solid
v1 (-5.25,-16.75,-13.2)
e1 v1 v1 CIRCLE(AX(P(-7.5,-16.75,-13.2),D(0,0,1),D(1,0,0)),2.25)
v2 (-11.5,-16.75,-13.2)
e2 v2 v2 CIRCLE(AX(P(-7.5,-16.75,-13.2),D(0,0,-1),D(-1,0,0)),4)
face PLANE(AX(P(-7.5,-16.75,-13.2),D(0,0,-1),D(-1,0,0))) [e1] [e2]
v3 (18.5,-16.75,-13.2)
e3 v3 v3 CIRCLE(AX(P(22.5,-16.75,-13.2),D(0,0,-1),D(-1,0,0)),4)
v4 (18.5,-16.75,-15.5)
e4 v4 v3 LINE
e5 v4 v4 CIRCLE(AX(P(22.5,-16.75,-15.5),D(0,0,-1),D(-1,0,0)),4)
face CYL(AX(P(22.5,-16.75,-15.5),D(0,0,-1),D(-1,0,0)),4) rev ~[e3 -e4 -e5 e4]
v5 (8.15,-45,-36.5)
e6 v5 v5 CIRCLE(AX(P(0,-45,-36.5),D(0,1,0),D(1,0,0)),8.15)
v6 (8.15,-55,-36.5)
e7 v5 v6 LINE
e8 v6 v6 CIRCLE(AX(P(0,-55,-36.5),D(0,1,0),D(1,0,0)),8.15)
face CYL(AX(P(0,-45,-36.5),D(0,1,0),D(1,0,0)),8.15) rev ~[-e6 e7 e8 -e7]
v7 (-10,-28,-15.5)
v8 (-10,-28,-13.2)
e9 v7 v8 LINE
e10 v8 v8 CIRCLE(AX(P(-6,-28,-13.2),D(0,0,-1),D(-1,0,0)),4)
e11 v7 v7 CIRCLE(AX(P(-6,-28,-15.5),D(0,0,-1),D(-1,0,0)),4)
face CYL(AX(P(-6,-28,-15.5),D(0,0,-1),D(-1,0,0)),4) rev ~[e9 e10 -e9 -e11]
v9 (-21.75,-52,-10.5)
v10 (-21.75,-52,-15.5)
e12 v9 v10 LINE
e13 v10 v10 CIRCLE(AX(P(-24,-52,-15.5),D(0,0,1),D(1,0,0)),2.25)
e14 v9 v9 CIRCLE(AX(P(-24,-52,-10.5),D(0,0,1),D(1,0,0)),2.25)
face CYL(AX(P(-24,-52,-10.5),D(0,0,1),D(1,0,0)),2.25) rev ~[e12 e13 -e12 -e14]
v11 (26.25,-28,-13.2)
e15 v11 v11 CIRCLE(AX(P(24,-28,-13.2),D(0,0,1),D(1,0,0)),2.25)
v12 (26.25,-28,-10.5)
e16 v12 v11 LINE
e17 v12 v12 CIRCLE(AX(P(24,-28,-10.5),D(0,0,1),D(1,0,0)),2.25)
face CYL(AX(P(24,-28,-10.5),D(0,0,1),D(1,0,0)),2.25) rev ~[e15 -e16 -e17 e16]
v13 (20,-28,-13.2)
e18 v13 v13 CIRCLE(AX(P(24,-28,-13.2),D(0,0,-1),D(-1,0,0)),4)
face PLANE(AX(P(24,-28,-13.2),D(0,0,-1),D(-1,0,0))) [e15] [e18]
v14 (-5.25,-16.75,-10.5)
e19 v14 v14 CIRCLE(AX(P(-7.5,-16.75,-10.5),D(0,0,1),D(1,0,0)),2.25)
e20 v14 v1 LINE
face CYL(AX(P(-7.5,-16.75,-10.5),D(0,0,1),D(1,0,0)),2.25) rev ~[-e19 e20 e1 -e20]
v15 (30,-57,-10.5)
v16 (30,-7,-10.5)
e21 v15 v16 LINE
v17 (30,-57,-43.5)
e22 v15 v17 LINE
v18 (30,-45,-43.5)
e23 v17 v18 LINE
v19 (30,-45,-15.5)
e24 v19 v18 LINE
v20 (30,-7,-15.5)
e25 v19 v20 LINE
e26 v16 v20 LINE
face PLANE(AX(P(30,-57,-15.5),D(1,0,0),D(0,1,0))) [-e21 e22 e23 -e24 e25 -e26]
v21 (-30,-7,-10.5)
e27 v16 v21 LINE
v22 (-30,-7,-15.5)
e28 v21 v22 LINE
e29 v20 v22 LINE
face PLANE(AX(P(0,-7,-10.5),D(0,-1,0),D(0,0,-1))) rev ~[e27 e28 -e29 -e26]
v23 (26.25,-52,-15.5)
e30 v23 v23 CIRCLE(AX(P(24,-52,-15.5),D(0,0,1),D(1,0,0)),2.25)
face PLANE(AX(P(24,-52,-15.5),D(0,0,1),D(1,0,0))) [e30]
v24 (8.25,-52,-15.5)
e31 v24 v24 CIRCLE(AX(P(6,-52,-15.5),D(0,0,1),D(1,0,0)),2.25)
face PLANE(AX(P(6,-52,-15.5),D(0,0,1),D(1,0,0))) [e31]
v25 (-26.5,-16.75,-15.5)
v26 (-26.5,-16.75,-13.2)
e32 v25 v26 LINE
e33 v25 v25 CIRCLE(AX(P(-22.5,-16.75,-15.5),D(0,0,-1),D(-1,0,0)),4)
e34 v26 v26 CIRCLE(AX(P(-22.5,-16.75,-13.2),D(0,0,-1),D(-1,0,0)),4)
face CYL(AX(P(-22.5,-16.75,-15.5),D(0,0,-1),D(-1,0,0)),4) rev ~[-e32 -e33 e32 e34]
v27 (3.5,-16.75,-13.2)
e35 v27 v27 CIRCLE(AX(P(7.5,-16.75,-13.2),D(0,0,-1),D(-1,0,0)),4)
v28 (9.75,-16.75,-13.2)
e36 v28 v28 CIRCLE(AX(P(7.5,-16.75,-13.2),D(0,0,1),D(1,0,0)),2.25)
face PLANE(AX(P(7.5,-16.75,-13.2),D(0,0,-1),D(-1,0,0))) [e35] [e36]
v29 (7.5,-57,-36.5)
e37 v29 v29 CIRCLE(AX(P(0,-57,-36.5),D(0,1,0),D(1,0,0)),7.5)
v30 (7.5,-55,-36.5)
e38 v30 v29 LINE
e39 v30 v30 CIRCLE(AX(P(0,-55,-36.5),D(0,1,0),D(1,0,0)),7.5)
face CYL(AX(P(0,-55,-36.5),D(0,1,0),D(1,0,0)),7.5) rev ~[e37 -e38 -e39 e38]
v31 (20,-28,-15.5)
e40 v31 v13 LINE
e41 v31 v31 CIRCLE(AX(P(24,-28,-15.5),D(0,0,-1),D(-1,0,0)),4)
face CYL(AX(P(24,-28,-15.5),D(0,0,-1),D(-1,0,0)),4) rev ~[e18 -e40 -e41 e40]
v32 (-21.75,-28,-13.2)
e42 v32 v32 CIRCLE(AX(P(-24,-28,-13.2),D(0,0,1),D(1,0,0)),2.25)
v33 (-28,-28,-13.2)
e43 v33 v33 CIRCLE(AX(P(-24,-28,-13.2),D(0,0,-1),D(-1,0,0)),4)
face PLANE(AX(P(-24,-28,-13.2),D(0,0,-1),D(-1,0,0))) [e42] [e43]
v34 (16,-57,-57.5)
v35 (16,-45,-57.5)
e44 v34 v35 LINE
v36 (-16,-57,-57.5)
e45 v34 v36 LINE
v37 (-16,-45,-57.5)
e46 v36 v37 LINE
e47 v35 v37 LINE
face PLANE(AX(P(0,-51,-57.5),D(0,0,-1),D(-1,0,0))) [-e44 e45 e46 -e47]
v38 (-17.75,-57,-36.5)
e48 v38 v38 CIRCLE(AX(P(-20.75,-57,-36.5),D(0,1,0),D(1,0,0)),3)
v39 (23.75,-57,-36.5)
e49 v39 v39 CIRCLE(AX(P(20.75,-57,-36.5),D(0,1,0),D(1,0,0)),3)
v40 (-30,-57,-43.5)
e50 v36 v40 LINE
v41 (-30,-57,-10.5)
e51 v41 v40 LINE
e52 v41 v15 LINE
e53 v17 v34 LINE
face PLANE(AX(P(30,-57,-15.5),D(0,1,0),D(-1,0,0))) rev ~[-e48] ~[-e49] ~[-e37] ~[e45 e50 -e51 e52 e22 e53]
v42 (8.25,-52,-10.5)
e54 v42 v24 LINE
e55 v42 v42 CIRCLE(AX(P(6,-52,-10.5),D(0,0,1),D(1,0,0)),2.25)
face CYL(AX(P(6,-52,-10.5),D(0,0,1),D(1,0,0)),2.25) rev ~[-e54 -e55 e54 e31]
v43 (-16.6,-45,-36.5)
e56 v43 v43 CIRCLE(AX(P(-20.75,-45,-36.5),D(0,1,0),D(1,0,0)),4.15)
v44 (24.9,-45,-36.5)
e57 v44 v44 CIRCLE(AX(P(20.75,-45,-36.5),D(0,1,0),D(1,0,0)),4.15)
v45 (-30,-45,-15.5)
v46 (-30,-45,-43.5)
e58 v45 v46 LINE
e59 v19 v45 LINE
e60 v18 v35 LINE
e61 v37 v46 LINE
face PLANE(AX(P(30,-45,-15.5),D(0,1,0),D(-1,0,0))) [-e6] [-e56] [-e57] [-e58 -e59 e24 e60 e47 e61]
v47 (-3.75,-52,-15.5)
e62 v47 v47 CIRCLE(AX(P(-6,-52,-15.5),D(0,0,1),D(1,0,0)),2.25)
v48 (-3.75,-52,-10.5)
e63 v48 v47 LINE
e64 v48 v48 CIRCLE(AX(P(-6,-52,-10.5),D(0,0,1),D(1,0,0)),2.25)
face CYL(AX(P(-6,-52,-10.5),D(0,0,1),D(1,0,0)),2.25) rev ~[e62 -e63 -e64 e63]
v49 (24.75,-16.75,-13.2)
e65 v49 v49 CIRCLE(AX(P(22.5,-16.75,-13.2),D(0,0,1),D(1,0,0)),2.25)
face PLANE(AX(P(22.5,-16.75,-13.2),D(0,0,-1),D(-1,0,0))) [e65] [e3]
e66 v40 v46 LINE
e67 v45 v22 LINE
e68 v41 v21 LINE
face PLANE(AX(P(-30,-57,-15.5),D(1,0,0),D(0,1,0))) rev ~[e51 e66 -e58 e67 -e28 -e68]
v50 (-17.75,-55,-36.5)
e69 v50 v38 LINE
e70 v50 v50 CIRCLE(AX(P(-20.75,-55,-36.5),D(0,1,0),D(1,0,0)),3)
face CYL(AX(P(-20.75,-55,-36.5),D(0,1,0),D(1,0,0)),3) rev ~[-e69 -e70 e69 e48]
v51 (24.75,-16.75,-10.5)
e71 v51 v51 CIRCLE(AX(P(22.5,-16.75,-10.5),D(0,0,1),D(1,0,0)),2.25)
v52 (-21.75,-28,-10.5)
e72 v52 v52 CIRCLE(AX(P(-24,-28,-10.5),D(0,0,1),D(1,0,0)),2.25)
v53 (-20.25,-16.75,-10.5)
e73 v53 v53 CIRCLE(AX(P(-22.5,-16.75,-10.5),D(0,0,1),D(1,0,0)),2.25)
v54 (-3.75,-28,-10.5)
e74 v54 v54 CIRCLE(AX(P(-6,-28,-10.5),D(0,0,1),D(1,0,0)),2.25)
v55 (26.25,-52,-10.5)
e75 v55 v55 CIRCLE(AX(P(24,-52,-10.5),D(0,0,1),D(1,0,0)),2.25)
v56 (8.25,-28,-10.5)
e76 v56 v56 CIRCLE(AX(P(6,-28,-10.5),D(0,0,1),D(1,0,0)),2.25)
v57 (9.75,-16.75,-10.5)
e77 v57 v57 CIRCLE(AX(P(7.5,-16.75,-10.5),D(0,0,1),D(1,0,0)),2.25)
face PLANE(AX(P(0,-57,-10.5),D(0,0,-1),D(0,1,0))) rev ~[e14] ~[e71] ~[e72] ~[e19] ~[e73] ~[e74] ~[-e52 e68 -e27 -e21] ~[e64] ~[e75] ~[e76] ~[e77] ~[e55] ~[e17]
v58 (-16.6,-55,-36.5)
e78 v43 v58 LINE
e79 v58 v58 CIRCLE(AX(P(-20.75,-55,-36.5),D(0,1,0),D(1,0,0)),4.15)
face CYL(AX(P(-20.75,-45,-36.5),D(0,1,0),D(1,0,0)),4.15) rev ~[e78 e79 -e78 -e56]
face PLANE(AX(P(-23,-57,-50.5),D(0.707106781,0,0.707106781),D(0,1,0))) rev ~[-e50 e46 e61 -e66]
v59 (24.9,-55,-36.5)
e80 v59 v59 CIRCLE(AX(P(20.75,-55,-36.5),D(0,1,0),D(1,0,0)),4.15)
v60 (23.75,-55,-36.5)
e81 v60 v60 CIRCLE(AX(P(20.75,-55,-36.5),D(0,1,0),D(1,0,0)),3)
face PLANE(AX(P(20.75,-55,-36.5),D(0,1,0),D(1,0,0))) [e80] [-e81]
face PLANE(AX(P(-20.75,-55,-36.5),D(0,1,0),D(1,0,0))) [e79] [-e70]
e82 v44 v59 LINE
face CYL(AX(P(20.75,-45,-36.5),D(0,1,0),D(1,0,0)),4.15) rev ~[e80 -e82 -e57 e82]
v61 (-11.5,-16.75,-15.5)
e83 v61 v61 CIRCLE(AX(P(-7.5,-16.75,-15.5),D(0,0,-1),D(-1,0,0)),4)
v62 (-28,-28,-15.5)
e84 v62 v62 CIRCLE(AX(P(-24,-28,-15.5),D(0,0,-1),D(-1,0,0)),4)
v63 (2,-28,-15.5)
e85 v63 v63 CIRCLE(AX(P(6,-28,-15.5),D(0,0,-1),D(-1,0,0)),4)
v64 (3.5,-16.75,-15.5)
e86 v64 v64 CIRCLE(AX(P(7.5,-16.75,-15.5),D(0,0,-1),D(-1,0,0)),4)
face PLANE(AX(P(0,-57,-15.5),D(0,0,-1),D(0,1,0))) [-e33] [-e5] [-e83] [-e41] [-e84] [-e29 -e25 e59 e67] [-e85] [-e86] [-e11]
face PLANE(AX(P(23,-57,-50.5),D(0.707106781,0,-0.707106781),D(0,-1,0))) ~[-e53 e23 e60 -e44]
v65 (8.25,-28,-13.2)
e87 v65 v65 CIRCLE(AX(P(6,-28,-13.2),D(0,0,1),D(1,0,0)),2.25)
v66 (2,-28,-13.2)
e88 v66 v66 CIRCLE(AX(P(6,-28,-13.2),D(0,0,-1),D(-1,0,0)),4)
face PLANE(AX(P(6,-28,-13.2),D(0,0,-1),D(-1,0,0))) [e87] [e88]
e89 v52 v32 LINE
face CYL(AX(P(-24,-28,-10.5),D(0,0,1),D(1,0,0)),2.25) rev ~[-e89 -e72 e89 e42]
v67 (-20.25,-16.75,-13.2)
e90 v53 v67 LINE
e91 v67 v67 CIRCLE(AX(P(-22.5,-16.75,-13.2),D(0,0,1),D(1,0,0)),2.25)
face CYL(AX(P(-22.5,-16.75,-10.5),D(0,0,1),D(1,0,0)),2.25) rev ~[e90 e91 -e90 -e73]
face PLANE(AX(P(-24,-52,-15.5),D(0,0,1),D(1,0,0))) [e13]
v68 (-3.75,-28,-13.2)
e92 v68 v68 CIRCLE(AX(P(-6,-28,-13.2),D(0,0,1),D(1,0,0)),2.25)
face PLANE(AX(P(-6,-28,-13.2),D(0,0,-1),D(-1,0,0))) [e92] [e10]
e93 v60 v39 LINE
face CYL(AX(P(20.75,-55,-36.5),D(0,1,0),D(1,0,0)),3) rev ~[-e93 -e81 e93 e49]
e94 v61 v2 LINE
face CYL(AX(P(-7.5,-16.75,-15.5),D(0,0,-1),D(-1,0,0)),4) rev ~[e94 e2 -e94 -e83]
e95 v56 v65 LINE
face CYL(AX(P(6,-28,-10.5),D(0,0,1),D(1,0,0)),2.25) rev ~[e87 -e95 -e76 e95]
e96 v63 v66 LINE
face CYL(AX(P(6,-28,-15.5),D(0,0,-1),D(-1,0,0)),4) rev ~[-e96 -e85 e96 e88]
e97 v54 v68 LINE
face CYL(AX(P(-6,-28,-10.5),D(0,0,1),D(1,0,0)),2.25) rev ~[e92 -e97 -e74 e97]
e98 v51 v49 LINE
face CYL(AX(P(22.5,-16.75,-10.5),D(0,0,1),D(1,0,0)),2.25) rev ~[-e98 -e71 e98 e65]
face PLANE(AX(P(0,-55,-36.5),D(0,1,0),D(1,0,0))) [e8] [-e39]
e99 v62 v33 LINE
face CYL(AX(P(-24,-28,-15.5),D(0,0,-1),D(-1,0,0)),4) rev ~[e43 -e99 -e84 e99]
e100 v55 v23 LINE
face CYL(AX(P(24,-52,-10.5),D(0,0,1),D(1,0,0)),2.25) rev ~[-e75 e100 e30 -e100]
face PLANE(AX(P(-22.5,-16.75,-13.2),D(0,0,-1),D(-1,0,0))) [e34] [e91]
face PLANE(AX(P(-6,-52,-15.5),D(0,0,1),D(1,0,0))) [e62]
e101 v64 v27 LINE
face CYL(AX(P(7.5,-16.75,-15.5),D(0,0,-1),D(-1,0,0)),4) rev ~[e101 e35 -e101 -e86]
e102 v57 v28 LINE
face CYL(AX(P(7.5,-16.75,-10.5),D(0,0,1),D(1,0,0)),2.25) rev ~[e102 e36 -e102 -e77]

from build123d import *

# Parameters (mm, degrees)
SKETCH2_W                = 5
SKETCH2_H                = 50
BOSS_EXTRUDE1_DEPTH      = 30
BOSS_EXTRUDE1_DEPTH_BACK = 30
SKETCH3_W                = 60
SKETCH3_H                = 12
BOSS_EXTRUDE2_DEPTH      = 42
CUT_EXTRUDE1_REACH       = 49
SKETCH4_R                = 2.25
SKETCH6_R                = 4
CUT_EXTRUDE2_DEPTH       = 2.3
SKETCH7_R                = 2.25
CUT_EXTRUDE3_DEPTH       = 5
SKETCH8_R                = 4
CUT_EXTRUDE4_DEPTH       = 2.3
SKETCH9_R                = 8.15
SKETCH9_R_2              = 4.15
CUT_EXTRUDE5_DEPTH       = 10
CUT_EXTRUDE6_REACH       = 4
SKETCH10_R               = 7.5
SKETCH10_R_2             = 3
CHAMFER1_SIZE            = 14


with BuildPart() as part:
    # Sketch2 → Boss-Extrude1 (new body, two sides)
    with BuildSketch(Plane(origin=(0, 0, 0), x_dir=(0, 0, -1), z_dir=(1, 0, 0))) as boss_extrude1_sk:
        with Locations((13, -32)):
            Rectangle(SKETCH2_W, SKETCH2_H)
    extrude(amount=BOSS_EXTRUDE1_DEPTH)
    extrude(boss_extrude1_sk.sketch, amount=-BOSS_EXTRUDE1_DEPTH_BACK)

    # Sketch3 → Boss-Extrude2 (add)
    with BuildSketch(Plane(origin=(0, 0, -15.5), x_dir=(-1, 0, 0), z_dir=(0, 0, -1))):
        with Locations((0, -51)):
            Rectangle(SKETCH3_W, SKETCH3_H)
    extrude(amount=BOSS_EXTRUDE2_DEPTH)

    # Sketch4 → Cut-Extrude1 (cut, up to next)
    with BuildSketch(Plane.XY.offset(-10.5), mode=Mode.PRIVATE) as cut_extrude1_sk1:
        with Locations((-22.5, -16.75)):
            Circle(SKETCH4_R)
    cut_extrude1_tool1 = extrude(cut_extrude1_sk1.sketch, amount=-CUT_EXTRUDE1_REACH, mode=Mode.PRIVATE) & part.part
    add(cut_extrude1_tool1.solids().sort_by_distance((-22.5, -16.75, -10.5))[0], mode=Mode.SUBTRACT)
    # Sketch4 → Cut-Extrude1 (cut, up to next)
    with BuildSketch(Plane.XY.offset(-10.5), mode=Mode.PRIVATE) as cut_extrude1_sk2:
        with Locations((-7.5, -16.75)):
            Circle(SKETCH4_R)
    cut_extrude1_tool2 = extrude(cut_extrude1_sk2.sketch, amount=-CUT_EXTRUDE1_REACH, mode=Mode.PRIVATE) & part.part
    add(cut_extrude1_tool2.solids().sort_by_distance((-7.5, -16.75, -10.5))[0], mode=Mode.SUBTRACT)
    # Sketch4 → Cut-Extrude1 (cut, up to next)
    with BuildSketch(Plane.XY.offset(-10.5), mode=Mode.PRIVATE) as cut_extrude1_sk3:
        with Locations((7.5, -16.75)):
            Circle(SKETCH4_R)
    cut_extrude1_tool3 = extrude(cut_extrude1_sk3.sketch, amount=-CUT_EXTRUDE1_REACH, mode=Mode.PRIVATE) & part.part
    add(cut_extrude1_tool3.solids().sort_by_distance((7.5, -16.75, -10.5))[0], mode=Mode.SUBTRACT)
    # Sketch4 → Cut-Extrude1 (cut, up to next)
    with BuildSketch(Plane.XY.offset(-10.5), mode=Mode.PRIVATE) as cut_extrude1_sk4:
        with Locations((22.5, -16.75)):
            Circle(SKETCH4_R)
    cut_extrude1_tool4 = extrude(cut_extrude1_sk4.sketch, amount=-CUT_EXTRUDE1_REACH, mode=Mode.PRIVATE) & part.part
    add(cut_extrude1_tool4.solids().sort_by_distance((22.5, -16.75, -10.5))[0], mode=Mode.SUBTRACT)

    # Sketch6 → Cut-Extrude2 (cut)
    with BuildSketch(Plane(origin=(0, 0, -15.5), x_dir=(-1, 0, 0), z_dir=(0, 0, -1))):
        with Locations((-22.5, -16.75)):
            Circle(SKETCH6_R)
        with Locations((-7.5, -16.75)):
            Circle(SKETCH6_R)
        with Locations((7.5, -16.75)):
            Circle(SKETCH6_R)
        with Locations((22.5, -16.75)):
            Circle(SKETCH6_R)
    extrude(amount=-CUT_EXTRUDE2_DEPTH, mode=Mode.SUBTRACT)

    # Sketch7 → Cut-Extrude3 (cut)
    with BuildSketch(Plane.XY.offset(-10.5)):
        with Locations((-24, -52)):
            Circle(SKETCH7_R)
        with Locations((-6, -52)):
            Circle(SKETCH7_R)
        with Locations((-24, -28)):
            Circle(SKETCH7_R)
        with Locations((-6, -28)):
            Circle(SKETCH7_R)
        with Locations((6, -28)):
            Circle(SKETCH7_R)
        with Locations((24, -28)):
            Circle(SKETCH7_R)
        with Locations((6, -52)):
            Circle(SKETCH7_R)
        with Locations((24, -52)):
            Circle(SKETCH7_R)
    extrude(amount=-CUT_EXTRUDE3_DEPTH, mode=Mode.SUBTRACT)

    # Sketch8 → Cut-Extrude4 (cut)
    with BuildSketch(Plane(origin=(0, 0, -15.5), x_dir=(-1, 0, 0), z_dir=(0, 0, -1))):
        with Locations((-24, -28)):
            Circle(SKETCH8_R)
        with Locations((-6, -28)):
            Circle(SKETCH8_R)
        with Locations((6, -28)):
            Circle(SKETCH8_R)
        with Locations((24, -28)):
            Circle(SKETCH8_R)
    extrude(amount=-CUT_EXTRUDE4_DEPTH, mode=Mode.SUBTRACT)

    # Sketch9 → Cut-Extrude5 (cut)
    with BuildSketch(Plane(origin=(0, -45, 0), x_dir=(1, 0, 0), z_dir=(0, 1, 0))):
        with Locations((0, 36.5)):
            Circle(SKETCH9_R)
        with Locations((-20.75, 36.5)):
            Circle(SKETCH9_R_2)
        with Locations((20.75, 36.5)):
            Circle(SKETCH9_R_2)
    extrude(amount=-CUT_EXTRUDE5_DEPTH, mode=Mode.SUBTRACT)

    # Sketch10 → Cut-Extrude6 (cut, up to next)
    with BuildSketch(Plane(origin=(0, -55, 0), x_dir=(1, 0, 0), z_dir=(0, 1, 0)), mode=Mode.PRIVATE) as cut_extrude6_sk1:
        with Locations((0, 36.5)):
            Circle(SKETCH10_R)
    cut_extrude6_tool1 = extrude(cut_extrude6_sk1.sketch, amount=-CUT_EXTRUDE6_REACH, mode=Mode.PRIVATE) & part.part
    add(cut_extrude6_tool1.solids().sort_by_distance((0, -55, -36.5))[0], mode=Mode.SUBTRACT)
    # Sketch10 → Cut-Extrude6 (cut, up to next)
    with BuildSketch(Plane(origin=(0, -55, 0), x_dir=(1, 0, 0), z_dir=(0, 1, 0)), mode=Mode.PRIVATE) as cut_extrude6_sk2:
        with Locations((-20.75, 36.5)):
            Circle(SKETCH10_R_2)
    cut_extrude6_tool2 = extrude(cut_extrude6_sk2.sketch, amount=-CUT_EXTRUDE6_REACH, mode=Mode.PRIVATE) & part.part
    add(cut_extrude6_tool2.solids().sort_by_distance((-20.75, -55, -36.5))[0], mode=Mode.SUBTRACT)
    # Sketch10 → Cut-Extrude6 (cut, up to next)
    with BuildSketch(Plane(origin=(0, -55, 0), x_dir=(1, 0, 0), z_dir=(0, 1, 0)), mode=Mode.PRIVATE) as cut_extrude6_sk3:
        with Locations((20.75, 36.5)):
            Circle(SKETCH10_R_2)
    cut_extrude6_tool3 = extrude(cut_extrude6_sk3.sketch, amount=-CUT_EXTRUDE6_REACH, mode=Mode.PRIVATE) & part.part
    add(cut_extrude6_tool3.solids().sort_by_distance((20.75, -55, -36.5))[0], mode=Mode.SUBTRACT)

    # Chamfer1
    chamfer1_edges = [part.edges().sort_by_distance(p)[0] for p in [
        (30, -51, -57.5),
        (-30, -51, -57.5),
    ]]
    chamfer(chamfer1_edges, length=CHAMFER1_SIZE)


solid = part.part
